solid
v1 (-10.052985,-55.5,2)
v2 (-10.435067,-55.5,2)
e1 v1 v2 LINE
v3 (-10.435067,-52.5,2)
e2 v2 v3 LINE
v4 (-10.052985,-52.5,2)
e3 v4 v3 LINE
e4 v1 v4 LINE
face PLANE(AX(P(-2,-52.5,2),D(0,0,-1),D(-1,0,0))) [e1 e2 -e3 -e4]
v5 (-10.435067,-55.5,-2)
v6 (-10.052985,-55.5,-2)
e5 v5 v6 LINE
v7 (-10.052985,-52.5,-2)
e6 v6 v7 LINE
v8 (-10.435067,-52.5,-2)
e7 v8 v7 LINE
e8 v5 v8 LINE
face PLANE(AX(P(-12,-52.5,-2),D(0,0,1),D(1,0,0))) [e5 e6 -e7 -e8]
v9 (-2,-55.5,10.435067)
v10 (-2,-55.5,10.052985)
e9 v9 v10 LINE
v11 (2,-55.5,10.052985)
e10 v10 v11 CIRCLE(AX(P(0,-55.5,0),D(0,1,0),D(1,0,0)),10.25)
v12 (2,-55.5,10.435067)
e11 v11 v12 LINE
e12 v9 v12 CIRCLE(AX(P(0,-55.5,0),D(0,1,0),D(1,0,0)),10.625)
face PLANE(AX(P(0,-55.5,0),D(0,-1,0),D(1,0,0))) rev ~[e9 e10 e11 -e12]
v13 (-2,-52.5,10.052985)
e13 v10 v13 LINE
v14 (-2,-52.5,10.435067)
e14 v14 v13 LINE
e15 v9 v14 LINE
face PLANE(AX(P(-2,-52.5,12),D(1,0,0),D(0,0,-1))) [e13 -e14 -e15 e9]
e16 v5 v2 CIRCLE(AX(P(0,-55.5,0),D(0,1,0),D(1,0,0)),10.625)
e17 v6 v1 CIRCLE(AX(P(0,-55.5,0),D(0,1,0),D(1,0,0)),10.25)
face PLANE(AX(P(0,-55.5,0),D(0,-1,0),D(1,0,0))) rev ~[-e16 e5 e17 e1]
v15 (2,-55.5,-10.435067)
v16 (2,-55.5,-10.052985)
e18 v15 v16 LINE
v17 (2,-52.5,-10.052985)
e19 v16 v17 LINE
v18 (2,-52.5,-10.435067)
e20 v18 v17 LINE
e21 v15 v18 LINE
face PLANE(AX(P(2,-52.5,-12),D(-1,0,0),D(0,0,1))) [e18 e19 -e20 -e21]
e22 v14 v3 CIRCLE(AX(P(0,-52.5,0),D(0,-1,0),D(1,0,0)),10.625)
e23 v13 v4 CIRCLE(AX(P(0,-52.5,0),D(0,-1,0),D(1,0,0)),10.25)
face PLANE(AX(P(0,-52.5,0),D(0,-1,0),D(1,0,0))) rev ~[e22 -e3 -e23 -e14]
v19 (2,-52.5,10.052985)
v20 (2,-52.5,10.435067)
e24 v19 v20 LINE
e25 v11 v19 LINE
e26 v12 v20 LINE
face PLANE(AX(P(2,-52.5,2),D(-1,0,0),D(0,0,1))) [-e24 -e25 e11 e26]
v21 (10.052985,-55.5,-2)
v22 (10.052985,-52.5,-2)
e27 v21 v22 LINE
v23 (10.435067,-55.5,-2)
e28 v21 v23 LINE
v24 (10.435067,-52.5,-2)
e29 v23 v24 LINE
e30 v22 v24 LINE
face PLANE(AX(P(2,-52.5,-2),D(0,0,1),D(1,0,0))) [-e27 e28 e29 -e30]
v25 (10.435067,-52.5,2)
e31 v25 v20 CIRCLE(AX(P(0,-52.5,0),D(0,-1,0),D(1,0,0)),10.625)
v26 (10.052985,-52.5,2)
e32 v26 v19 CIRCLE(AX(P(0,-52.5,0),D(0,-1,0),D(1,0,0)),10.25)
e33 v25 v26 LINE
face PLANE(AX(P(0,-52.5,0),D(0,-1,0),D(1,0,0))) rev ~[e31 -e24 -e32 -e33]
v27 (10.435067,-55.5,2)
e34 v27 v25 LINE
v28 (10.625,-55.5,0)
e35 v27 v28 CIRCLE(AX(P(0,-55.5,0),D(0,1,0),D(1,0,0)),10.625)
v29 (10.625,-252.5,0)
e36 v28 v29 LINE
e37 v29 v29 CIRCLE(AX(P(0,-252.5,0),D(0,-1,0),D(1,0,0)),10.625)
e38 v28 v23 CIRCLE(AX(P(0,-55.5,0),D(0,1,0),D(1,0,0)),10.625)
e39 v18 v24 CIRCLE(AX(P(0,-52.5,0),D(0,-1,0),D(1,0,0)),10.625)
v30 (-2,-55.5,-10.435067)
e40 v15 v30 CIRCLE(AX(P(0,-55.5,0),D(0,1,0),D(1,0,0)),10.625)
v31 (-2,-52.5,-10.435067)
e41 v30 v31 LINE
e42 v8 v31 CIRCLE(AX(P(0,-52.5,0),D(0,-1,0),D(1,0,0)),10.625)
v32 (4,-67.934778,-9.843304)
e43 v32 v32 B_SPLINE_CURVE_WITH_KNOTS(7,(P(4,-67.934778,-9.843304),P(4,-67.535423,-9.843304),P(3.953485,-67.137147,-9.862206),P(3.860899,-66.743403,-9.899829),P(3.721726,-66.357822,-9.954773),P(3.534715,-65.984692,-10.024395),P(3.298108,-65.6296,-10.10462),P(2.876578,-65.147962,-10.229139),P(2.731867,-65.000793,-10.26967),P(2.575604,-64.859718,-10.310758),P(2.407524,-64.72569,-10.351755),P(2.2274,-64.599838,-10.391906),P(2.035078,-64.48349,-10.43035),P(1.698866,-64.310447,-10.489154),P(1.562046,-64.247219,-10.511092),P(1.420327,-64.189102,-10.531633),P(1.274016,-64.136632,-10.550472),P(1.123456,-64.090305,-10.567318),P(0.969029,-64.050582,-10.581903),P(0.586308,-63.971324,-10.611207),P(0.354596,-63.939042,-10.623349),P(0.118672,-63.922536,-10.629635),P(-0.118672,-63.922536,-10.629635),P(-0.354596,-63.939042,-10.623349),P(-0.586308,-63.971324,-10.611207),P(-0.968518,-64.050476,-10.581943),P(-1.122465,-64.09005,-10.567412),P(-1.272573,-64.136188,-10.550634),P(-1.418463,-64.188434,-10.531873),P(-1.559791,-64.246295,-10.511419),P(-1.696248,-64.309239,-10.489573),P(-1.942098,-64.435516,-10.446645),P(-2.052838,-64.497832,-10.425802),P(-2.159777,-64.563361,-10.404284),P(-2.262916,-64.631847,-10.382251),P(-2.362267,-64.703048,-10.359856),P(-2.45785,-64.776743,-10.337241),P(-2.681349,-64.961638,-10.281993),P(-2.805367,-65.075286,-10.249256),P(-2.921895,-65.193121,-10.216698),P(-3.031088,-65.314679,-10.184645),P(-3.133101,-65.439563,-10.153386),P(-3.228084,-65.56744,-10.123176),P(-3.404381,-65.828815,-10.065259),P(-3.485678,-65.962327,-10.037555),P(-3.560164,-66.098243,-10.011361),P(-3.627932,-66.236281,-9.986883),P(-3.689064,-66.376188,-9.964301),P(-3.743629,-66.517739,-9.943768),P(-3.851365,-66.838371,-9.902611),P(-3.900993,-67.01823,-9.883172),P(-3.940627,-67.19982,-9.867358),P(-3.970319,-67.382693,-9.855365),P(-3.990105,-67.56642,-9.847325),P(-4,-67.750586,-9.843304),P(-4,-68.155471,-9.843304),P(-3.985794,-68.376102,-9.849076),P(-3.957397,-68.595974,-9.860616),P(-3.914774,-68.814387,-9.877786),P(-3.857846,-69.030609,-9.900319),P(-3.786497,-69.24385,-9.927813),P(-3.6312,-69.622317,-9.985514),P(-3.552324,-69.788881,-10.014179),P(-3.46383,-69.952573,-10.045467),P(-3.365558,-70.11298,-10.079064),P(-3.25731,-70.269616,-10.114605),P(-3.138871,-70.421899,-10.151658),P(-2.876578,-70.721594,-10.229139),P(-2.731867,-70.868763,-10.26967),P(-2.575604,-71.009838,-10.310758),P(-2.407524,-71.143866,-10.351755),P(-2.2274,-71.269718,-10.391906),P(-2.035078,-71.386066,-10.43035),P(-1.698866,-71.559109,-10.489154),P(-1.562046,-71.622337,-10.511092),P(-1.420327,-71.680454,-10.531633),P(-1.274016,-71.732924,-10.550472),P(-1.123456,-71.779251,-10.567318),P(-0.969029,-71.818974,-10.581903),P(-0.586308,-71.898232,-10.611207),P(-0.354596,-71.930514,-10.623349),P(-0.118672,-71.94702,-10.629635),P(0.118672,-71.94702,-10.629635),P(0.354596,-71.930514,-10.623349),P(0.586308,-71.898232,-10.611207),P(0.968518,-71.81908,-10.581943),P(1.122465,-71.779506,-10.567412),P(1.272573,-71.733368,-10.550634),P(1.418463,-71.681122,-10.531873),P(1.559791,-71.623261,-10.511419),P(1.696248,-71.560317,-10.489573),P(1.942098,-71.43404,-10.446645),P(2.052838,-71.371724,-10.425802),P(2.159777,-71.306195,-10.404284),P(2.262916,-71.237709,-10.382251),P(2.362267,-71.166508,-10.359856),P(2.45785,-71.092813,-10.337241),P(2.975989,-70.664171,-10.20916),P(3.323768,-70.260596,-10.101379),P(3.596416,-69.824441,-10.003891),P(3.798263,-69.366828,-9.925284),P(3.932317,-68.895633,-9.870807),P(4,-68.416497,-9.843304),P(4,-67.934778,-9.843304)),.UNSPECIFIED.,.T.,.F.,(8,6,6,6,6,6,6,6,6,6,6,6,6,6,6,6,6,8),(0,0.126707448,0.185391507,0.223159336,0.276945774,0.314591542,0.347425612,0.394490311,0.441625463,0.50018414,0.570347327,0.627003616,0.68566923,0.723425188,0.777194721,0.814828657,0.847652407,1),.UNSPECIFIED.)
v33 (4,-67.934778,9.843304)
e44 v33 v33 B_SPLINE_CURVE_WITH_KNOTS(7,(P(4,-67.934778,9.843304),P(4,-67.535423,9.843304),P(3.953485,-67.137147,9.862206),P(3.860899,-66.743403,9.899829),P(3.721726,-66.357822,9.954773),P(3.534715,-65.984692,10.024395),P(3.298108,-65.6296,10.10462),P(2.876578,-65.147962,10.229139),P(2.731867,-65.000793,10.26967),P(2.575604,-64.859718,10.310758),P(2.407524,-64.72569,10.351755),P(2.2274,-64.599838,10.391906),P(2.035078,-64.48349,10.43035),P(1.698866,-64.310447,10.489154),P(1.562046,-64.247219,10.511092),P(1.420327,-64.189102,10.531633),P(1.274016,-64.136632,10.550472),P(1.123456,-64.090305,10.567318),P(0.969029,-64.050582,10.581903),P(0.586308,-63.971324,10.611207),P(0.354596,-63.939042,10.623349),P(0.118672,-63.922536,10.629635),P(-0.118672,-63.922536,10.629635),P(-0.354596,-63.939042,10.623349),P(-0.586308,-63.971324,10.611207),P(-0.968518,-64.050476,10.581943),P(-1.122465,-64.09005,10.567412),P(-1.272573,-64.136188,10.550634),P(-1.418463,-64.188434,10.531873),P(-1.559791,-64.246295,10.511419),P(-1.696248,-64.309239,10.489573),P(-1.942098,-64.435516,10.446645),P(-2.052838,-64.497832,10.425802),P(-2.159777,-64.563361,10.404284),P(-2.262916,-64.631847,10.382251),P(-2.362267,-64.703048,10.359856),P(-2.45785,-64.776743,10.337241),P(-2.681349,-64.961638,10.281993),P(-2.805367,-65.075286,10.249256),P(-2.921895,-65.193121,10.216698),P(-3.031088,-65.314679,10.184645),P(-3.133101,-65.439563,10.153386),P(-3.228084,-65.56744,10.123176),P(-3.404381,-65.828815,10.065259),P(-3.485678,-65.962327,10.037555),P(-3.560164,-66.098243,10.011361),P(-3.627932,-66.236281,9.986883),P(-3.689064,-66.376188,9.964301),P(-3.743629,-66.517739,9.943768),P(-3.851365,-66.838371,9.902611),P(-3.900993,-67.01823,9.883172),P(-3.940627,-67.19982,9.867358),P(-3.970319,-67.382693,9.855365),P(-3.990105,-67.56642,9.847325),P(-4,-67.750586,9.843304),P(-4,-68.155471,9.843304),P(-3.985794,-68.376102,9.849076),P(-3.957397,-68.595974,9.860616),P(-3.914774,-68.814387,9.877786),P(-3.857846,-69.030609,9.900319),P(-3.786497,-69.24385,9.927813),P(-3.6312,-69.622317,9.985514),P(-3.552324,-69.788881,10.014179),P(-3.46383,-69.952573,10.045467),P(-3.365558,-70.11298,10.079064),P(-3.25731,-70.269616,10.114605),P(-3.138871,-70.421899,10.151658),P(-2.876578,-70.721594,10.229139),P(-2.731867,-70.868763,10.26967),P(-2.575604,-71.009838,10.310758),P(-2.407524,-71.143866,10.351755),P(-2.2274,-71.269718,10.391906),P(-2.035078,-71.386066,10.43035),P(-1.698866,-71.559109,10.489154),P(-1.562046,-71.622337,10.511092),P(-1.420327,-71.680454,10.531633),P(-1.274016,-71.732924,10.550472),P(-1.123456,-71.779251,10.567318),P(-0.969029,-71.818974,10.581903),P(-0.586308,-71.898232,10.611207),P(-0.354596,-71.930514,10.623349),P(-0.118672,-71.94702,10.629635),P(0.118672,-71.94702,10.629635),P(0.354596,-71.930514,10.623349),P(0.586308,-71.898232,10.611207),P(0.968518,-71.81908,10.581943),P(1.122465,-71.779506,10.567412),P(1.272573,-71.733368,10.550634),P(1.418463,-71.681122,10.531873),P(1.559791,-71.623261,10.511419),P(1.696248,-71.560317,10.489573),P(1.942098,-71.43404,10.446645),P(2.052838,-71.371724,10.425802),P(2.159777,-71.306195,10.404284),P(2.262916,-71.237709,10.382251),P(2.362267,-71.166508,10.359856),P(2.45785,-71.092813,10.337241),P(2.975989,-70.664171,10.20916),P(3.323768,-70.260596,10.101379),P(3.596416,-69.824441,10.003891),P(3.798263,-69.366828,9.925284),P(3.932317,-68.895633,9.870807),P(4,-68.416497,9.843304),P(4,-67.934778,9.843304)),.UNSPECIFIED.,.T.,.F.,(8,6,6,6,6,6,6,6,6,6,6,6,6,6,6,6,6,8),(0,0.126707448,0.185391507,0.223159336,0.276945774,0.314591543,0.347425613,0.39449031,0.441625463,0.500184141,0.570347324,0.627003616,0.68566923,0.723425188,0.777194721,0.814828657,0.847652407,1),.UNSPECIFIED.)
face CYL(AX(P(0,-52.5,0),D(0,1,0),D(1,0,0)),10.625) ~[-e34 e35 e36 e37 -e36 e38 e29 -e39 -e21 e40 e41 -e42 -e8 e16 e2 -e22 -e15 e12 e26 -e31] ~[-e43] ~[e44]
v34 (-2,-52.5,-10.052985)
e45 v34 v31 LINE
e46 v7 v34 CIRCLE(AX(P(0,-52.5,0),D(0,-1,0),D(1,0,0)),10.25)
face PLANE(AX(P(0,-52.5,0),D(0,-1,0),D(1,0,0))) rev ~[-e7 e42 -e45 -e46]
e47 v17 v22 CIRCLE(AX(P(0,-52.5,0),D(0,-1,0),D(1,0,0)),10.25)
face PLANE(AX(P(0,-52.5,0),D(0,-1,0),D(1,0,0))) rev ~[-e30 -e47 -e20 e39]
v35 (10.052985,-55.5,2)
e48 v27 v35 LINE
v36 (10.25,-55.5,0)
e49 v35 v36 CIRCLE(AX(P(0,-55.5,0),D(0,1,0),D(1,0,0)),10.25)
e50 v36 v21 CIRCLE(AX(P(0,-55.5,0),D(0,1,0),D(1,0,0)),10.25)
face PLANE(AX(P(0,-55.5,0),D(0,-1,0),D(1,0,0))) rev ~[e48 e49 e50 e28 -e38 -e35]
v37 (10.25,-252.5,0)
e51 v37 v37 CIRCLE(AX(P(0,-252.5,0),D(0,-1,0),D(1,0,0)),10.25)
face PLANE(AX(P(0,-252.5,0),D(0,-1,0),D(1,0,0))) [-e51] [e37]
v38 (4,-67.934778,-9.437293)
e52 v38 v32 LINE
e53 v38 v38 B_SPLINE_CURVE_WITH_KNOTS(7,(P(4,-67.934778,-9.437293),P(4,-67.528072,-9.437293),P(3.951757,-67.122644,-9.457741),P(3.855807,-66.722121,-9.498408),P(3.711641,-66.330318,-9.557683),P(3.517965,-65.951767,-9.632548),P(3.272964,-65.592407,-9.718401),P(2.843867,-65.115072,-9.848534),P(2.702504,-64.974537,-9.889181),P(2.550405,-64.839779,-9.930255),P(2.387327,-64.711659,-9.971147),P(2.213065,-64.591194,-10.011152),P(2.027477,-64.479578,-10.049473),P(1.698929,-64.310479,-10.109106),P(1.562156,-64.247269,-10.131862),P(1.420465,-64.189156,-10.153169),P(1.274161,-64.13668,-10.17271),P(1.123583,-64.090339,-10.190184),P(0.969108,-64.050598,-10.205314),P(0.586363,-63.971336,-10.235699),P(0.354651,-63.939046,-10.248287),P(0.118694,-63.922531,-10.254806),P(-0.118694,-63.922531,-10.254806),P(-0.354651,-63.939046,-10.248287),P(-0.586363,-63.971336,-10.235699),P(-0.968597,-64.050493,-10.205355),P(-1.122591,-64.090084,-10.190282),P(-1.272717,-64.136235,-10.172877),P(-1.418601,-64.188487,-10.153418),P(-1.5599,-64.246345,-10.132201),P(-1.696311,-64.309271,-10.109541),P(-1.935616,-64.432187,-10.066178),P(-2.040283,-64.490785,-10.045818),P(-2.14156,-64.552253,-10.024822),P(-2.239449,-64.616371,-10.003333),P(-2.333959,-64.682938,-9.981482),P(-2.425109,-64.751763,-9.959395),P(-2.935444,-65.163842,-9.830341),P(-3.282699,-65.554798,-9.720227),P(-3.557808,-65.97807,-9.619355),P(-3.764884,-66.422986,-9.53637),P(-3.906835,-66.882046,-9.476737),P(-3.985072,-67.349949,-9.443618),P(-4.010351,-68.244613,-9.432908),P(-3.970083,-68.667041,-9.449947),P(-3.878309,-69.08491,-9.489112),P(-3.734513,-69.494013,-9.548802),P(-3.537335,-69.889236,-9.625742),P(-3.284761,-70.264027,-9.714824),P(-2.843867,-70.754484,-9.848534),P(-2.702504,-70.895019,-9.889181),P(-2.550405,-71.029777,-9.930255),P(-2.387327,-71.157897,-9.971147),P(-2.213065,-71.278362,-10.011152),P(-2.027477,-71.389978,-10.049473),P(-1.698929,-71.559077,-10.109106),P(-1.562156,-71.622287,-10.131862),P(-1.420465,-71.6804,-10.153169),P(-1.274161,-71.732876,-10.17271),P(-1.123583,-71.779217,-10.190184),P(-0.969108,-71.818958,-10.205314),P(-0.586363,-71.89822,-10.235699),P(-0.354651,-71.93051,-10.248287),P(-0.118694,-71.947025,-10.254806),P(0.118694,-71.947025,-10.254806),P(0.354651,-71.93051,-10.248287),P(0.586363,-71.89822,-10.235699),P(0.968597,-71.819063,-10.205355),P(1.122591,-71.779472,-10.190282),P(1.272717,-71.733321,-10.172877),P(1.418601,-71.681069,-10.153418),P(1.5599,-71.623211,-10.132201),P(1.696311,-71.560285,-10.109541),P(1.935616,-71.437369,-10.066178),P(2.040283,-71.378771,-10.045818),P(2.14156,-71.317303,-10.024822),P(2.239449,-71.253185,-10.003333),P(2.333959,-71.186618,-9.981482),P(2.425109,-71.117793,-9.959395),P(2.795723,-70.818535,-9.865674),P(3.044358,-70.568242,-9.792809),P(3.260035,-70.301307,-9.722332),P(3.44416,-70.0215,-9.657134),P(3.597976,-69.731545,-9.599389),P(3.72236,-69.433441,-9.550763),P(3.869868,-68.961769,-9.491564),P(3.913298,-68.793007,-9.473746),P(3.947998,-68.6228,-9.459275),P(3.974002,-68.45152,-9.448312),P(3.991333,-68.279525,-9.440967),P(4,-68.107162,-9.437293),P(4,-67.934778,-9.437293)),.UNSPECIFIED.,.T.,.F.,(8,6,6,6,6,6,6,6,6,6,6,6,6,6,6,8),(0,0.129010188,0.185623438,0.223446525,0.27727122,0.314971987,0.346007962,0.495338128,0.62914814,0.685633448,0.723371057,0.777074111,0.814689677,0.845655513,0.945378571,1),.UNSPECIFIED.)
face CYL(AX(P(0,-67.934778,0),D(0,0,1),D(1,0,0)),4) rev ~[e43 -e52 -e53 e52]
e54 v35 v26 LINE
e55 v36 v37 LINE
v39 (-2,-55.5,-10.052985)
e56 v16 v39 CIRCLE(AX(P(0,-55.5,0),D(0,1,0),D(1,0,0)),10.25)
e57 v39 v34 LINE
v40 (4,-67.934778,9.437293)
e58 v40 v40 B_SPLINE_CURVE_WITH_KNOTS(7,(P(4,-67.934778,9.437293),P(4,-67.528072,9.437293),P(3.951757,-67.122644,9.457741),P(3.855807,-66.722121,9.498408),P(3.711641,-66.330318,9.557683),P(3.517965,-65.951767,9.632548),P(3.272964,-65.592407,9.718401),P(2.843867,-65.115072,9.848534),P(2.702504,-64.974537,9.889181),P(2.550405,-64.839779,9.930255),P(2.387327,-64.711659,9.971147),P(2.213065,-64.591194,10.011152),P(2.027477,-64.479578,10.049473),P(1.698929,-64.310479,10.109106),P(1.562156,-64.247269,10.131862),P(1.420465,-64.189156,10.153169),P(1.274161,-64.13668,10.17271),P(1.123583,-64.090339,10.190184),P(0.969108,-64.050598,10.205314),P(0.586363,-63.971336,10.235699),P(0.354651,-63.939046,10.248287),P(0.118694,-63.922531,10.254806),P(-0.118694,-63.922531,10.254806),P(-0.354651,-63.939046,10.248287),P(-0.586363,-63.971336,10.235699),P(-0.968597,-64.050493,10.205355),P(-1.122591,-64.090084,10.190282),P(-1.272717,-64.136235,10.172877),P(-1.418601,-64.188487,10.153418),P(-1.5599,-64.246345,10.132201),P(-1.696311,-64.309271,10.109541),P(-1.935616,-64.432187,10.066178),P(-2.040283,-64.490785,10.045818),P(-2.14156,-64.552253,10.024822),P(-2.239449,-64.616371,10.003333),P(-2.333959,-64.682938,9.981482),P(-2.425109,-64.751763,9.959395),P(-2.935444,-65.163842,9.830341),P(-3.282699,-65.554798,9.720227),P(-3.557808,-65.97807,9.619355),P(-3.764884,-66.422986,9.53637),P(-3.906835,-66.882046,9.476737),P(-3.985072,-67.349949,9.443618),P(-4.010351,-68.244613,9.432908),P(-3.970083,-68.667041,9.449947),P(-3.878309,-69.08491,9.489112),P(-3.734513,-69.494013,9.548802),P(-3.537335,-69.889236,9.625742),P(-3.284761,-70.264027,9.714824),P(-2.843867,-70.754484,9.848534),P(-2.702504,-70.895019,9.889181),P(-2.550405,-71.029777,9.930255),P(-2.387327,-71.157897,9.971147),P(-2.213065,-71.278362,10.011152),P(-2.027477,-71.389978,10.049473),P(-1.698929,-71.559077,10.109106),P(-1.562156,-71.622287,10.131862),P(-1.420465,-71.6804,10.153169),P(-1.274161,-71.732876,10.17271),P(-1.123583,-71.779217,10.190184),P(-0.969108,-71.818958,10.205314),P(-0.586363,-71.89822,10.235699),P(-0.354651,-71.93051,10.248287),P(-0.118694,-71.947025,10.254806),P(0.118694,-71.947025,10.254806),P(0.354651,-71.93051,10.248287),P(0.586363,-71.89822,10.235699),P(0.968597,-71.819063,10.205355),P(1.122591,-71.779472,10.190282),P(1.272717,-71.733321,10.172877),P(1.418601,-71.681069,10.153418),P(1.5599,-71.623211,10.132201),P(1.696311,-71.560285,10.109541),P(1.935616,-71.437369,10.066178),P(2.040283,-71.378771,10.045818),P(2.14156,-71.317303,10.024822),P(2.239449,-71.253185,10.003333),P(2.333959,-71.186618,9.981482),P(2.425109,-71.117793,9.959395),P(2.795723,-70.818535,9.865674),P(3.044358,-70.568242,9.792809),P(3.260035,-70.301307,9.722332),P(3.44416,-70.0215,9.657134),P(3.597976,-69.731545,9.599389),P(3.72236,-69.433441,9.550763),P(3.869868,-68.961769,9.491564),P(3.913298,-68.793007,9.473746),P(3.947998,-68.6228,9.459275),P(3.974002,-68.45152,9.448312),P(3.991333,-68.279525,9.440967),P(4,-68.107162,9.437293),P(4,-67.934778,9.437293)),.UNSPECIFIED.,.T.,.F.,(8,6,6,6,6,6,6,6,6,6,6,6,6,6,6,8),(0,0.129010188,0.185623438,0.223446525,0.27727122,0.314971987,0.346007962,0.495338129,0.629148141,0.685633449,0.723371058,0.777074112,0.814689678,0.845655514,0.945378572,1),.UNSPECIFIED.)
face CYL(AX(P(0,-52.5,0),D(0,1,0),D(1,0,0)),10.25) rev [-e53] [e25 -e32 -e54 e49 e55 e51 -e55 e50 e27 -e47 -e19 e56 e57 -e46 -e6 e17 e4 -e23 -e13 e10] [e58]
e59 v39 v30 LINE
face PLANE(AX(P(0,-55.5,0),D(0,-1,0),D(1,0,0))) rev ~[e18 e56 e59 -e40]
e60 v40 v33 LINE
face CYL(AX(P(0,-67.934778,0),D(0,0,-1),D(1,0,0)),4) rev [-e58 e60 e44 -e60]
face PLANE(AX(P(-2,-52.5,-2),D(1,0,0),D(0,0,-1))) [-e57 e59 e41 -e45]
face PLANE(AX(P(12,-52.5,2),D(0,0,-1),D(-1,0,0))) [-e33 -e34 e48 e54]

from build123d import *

# Parameters (mm, degrees)
SKETCH039_R          = 10.625
SKETCH039_R_2        = 10.25
PAD019_DEPTH         = 200
SKETCH044_R          = 4
POCKET021_DEPTH      = 50
POCKET021_DEPTH_BACK = 50
POCKET022_DEPTH      = 3


with BuildPart() as part:
    # Sketch039 → Pad019 (new body)
    with BuildSketch(Plane.XZ):
        Circle(SKETCH039_R)
        Circle(SKETCH039_R_2, mode=Mode.SUBTRACT)
    extrude(amount=PAD019_DEPTH)

    # Sketch044 → Pocket021 (cut, two sides)
    with BuildSketch(Plane.XY) as pocket021_sk:
        with Locations((0, -15.434778)):
            Circle(SKETCH044_R)
    extrude(amount=-POCKET021_DEPTH, mode=Mode.SUBTRACT)
    extrude(pocket021_sk.sketch, amount=POCKET021_DEPTH_BACK, mode=Mode.SUBTRACT)

    # Sketch045 → Pocket022 (cut)
    with BuildSketch(Plane.XZ):
        Polygon((12, -2), (12, 2), (2, 2), (2, 12), (-2, 12), (-2, 2), (-12, 2), (-12, -2), (-2, -2), (-2, -12), (2, -12), (2, -2), align=None)
    extrude(amount=POCKET022_DEPTH, mode=Mode.SUBTRACT)


with BuildPart() as part_1:
    # Body017 placement: moved
    add(part.part.moved(Location((0, -52.5, 0))))


solid = part_1.part
